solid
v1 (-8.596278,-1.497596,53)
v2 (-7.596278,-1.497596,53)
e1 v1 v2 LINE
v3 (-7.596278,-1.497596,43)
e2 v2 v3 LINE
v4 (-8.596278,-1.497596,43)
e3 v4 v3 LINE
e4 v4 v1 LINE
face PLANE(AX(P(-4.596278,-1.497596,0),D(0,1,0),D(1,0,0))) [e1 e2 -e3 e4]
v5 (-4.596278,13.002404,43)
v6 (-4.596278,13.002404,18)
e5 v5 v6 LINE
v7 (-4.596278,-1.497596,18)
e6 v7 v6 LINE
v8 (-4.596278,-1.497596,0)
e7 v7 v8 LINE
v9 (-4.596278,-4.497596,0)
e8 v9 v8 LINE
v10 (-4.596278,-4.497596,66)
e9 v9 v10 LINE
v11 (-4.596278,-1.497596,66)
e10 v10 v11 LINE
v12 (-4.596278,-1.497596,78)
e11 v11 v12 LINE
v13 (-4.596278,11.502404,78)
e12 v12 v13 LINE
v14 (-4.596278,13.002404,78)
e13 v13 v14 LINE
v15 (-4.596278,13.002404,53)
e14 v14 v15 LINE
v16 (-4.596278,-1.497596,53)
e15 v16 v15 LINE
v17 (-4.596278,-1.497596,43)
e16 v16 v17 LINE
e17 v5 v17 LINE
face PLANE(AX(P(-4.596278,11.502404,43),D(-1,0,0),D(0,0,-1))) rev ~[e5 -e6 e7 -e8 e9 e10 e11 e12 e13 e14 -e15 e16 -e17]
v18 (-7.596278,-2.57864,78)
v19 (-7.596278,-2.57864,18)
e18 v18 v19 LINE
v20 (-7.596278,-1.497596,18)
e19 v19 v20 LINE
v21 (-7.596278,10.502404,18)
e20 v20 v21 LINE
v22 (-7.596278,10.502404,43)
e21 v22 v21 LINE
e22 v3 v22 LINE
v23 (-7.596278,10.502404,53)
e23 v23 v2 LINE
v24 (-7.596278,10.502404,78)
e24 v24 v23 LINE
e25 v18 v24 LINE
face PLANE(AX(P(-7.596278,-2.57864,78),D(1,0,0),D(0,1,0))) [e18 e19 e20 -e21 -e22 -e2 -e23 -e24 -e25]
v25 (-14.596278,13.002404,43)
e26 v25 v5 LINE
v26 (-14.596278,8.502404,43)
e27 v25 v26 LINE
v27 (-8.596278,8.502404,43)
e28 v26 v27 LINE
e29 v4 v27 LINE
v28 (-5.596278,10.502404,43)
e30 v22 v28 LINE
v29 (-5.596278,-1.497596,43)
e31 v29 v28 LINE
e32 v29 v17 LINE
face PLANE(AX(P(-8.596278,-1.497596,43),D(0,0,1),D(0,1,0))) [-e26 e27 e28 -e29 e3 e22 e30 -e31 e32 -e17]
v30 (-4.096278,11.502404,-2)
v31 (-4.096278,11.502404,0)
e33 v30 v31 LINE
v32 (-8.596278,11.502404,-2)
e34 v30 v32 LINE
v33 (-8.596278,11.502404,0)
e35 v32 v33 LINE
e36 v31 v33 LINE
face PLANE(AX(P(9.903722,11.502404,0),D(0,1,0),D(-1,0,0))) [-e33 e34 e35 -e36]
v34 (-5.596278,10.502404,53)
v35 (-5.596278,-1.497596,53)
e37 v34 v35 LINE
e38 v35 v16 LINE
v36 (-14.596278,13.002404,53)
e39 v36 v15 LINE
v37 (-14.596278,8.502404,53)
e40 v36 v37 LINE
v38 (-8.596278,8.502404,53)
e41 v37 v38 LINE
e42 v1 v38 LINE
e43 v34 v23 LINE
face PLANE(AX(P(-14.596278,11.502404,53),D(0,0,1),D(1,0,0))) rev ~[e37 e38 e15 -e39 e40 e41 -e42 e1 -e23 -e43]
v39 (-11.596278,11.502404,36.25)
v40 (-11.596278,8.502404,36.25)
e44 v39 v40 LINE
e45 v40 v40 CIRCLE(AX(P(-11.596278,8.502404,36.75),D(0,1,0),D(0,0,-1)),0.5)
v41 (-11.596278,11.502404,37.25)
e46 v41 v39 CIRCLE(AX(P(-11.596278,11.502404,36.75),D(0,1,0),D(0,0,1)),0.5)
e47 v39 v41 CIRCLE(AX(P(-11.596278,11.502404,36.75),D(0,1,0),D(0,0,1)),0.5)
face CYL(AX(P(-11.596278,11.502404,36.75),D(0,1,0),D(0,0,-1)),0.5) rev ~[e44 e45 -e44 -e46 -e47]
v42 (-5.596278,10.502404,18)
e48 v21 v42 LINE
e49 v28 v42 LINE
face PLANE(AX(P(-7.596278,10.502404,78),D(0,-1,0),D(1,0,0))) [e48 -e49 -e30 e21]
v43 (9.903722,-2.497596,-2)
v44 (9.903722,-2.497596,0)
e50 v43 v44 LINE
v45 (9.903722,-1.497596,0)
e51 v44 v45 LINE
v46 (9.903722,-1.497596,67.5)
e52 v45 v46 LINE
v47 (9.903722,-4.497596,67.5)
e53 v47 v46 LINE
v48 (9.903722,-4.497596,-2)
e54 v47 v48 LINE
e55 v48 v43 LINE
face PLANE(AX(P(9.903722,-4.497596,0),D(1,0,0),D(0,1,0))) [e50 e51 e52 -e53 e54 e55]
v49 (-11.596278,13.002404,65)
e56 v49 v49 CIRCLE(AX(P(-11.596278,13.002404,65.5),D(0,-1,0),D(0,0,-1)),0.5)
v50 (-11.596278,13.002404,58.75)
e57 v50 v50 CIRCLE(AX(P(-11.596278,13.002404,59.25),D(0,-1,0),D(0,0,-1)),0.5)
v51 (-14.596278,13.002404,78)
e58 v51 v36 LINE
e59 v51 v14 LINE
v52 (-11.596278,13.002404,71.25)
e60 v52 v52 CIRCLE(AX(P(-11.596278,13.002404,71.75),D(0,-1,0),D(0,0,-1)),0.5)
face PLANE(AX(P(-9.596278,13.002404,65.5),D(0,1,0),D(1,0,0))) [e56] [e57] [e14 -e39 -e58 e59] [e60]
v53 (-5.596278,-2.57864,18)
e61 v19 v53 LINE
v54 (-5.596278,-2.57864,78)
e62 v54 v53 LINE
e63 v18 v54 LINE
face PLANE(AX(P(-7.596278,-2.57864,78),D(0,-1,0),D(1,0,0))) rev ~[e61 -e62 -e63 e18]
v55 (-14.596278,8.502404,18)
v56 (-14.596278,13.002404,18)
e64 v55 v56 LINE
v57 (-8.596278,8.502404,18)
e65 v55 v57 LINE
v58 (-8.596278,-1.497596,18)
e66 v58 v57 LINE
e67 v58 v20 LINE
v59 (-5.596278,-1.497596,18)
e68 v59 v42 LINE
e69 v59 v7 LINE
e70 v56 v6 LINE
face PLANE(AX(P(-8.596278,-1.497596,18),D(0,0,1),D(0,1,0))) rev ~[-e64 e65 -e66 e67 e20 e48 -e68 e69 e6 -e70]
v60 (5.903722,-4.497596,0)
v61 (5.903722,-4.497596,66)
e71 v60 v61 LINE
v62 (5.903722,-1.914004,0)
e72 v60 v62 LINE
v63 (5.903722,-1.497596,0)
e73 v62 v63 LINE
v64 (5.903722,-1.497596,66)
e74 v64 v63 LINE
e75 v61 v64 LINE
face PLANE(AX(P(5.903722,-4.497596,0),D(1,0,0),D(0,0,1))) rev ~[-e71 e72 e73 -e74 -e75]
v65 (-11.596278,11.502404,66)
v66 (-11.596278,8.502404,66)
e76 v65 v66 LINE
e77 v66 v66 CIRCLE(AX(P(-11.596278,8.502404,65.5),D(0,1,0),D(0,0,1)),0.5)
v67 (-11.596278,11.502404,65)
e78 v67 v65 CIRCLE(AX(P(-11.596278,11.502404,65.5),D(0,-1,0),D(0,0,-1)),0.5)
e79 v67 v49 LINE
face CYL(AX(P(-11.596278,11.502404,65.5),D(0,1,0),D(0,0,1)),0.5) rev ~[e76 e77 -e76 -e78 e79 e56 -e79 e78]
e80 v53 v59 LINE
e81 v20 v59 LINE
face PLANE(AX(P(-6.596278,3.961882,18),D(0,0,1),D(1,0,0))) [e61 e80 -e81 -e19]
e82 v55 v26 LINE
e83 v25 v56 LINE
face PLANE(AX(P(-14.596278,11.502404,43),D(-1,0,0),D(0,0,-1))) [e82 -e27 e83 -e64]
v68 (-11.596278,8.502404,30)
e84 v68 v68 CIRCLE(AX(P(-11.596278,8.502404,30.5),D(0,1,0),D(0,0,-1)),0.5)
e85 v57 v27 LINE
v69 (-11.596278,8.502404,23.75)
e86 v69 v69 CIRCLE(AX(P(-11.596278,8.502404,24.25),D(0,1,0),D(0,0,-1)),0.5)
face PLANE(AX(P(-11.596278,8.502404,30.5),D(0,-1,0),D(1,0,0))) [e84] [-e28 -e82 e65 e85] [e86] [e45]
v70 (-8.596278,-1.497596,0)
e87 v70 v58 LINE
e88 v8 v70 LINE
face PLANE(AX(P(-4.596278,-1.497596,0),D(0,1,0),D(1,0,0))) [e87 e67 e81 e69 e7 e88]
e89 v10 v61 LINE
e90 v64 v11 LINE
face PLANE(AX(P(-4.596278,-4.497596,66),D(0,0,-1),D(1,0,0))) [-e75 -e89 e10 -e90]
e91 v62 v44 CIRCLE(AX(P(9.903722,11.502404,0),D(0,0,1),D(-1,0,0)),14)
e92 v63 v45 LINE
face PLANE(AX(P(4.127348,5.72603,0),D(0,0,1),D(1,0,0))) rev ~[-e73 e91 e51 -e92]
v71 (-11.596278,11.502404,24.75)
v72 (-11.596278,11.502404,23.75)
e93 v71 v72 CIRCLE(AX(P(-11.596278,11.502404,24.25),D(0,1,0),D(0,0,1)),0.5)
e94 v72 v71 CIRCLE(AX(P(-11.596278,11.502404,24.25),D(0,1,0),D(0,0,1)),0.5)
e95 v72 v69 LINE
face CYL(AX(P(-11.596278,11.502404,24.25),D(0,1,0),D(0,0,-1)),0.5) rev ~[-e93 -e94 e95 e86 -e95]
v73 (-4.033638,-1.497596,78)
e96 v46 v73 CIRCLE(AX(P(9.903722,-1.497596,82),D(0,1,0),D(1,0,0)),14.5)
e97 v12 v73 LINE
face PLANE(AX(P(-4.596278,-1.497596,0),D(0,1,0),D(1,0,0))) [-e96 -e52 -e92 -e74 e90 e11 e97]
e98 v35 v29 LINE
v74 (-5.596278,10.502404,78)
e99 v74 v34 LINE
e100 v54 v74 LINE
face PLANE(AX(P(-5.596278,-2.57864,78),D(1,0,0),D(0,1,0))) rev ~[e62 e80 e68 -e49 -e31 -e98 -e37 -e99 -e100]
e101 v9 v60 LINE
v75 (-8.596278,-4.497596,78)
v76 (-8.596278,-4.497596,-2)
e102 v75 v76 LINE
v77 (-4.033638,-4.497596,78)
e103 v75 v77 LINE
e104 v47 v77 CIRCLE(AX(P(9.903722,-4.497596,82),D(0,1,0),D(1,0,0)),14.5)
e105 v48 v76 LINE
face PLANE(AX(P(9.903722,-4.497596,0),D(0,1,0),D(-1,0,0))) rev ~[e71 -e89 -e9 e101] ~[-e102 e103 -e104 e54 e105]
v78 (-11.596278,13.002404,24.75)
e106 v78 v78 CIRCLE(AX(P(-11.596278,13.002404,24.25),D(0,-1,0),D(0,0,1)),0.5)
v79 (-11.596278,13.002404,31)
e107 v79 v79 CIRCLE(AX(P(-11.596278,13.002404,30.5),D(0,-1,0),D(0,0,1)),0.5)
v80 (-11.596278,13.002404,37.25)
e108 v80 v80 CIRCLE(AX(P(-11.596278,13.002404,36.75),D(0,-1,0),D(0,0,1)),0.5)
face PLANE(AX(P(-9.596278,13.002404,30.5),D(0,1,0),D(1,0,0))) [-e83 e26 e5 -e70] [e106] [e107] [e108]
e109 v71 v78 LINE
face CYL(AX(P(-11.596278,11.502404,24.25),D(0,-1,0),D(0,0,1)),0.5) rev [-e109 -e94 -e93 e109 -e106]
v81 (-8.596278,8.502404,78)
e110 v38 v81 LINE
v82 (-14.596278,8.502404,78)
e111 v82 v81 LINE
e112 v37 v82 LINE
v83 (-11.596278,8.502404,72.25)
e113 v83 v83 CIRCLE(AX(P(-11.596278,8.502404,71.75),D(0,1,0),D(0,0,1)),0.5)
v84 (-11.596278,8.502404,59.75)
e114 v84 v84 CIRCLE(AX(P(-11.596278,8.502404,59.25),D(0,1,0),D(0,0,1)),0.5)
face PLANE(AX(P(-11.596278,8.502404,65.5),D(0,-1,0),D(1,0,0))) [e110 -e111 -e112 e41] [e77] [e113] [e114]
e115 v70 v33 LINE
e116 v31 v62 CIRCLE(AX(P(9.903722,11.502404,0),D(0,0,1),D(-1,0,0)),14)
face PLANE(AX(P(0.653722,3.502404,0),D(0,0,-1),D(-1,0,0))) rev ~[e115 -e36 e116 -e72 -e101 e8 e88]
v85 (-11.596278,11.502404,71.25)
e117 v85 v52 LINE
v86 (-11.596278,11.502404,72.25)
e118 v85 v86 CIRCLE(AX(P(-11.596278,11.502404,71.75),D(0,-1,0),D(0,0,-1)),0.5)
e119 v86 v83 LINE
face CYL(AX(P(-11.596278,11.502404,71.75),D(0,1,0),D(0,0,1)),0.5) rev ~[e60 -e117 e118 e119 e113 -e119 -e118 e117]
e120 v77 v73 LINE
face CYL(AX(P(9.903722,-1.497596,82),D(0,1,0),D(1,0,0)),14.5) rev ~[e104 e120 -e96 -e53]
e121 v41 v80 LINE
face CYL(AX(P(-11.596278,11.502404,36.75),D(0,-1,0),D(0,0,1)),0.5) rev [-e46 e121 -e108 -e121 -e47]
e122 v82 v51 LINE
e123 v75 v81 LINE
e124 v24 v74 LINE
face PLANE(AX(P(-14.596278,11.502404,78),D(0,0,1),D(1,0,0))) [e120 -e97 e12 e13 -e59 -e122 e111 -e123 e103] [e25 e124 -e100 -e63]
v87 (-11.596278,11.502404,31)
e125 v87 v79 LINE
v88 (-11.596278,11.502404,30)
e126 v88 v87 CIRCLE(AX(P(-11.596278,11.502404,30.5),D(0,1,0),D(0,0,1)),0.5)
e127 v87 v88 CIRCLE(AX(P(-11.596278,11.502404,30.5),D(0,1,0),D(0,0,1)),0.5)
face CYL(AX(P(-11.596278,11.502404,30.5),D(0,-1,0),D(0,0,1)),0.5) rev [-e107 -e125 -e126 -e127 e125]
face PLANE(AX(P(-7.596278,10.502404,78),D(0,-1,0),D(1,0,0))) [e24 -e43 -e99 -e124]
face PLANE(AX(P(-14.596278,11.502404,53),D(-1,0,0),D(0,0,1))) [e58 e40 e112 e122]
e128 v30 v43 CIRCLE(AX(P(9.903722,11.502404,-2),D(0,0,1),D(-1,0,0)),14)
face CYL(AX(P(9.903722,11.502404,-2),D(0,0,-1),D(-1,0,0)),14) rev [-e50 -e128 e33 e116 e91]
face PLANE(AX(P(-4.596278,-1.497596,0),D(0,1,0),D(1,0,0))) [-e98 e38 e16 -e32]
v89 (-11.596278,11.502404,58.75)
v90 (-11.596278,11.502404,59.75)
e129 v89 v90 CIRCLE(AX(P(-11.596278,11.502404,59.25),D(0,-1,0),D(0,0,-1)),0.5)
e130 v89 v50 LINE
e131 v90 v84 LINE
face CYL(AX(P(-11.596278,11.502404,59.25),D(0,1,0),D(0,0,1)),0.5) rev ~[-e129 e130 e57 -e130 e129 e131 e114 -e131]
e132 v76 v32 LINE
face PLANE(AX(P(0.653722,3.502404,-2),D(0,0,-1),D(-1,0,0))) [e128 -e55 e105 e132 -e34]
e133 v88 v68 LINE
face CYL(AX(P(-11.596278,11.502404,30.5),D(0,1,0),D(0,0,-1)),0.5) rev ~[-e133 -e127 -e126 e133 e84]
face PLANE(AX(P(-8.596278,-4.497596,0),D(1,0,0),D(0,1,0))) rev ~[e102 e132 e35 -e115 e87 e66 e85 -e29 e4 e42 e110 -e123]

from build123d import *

# Parameters (mm, degrees)
SALIENTE_EXTRUIR1_DEPTH = 82
CROQUIS3_W              = 10
CROQUIS3_H              = 25
SALIENTE_EXTRUIR2_DEPTH = 1.5
CROQUIS4_W              = 18.5
CROQUIS4_H              = 16
SALIENTE_EXTRUIR3_DEPTH = 2
CROQUIS5_R              = 14.5
CORTAR_EXTRUIR1_DEPTH   = 10
CROQUIS9_R              = 0.5
CORTAR_EXTRUIR5_DEPTH   = 10
CORTAR_EXTRUIR6_DEPTH   = 2
CROQUIS11_W             = 10
CROQUIS11_H             = 13
CROQUIS11_W_2           = 18
CROQUIS11_W_3           = 8.121089167
CROQUIS11_H_2           = 20.058238939
CORTAR_EXTRUIR7_DEPTH   = 10
CROQUIS12_W             = 2
CROQUIS12_H             = 13.081043671
CORTAR_EXTRUIR8_DEPTH   = 60
CROQUIS13_W             = 10.5
CROQUIS13_H             = 66
CORTAR_EXTRUIR9_DEPTH   = 12
CROQUIS14_W             = 6
CROQUIS14_H             = 25
SALIENTE_EXTRUIR4_DEPTH = 3
CROQUIS15_R             = 0.5
CORTAR_EXTRUIR10_DEPTH  = 81.950919234


with BuildPart() as part:
    # Croquis2 → Saliente-Extruir1 (new body)
    with BuildSketch(Plane.XY):
        Polygon((-4.596277774, 11.502403514), (-4.596277774, -1.497596486), (9.903722226, -1.497596486), (9.903722226, -4.497596486), (-4.596277774, -4.497596486), (-8.596277774, -4.497596486), (-8.596277774, 11.502403514), align=None)
    extrude(amount=SALIENTE_EXTRUIR1_DEPTH)

    # Croquis3 → Saliente-Extruir2 (add)
    with BuildSketch(Plane(origin=(0, 11.502403514, 0), x_dir=(1, 0, 0), z_dir=(0, 1, 0))):
        with Locations((-9.596277774, -30.5)):
            Rectangle(CROQUIS3_W, CROQUIS3_H)
        with Locations((-9.596277774, -65.5)):
            Rectangle(CROQUIS3_W, CROQUIS3_H)
    extrude(amount=SALIENTE_EXTRUIR2_DEPTH)

    # Croquis4 → Saliente-Extruir3 (add)
    with BuildSketch(Plane(origin=(0, 0, 0), x_dir=(-1, 0, 0), z_dir=(0, 0, -1))):
        with Locations((-0.653722226, 3.502403514)):
            Rectangle(CROQUIS4_W, CROQUIS4_H)
    extrude(amount=SALIENTE_EXTRUIR3_DEPTH)

    # Croquis5 → Cortar-Extruir1 (cut)
    with BuildSketch(Plane(origin=(0, -1.497596486, 0), x_dir=(1, 0, 0), z_dir=(0, 1, 0))):
        with Locations((9.903722226, -82)):
            Circle(CROQUIS5_R)
    extrude(amount=-CORTAR_EXTRUIR1_DEPTH, mode=Mode.SUBTRACT)

    # Croquis9 → Cortar-Extruir5 (cut)
    with BuildSketch(Plane.XZ.offset(-11.502403514)):
        with Locations(Location((-11.596277774, 65.5, 0), (0, 0, 270))):
            Circle(CROQUIS9_R)
        with Locations(Location((-11.596277774, 59.25, 0), (0, 0, 270))):
            Circle(CROQUIS9_R)
        with Locations(Location((-11.596277774, 71.75, 0), (0, 0, 270))):
            Circle(CROQUIS9_R)
    cortar_extruir5 = extrude(amount=-CORTAR_EXTRUIR5_DEPTH, mode=Mode.SUBTRACT)

    # Simetría1: Cortar-Extruir5 across plane
    add(cortar_extruir5.mirror(Plane(origin=(0, 0, 48), x_dir=(1, 0, 0), z_dir=(0, 0, -1))), mode=Mode.SUBTRACT)

    # Croquis10 → Cortar-Extruir6 (cut)
    with BuildSketch(Plane(origin=(0, 0, -2), x_dir=(-1, 0, 0), z_dir=(0, 0, -1))):
        with BuildLine():
            Line((-9.903722226, -2.497596486), (-9.903722226, 11.502403514))
            Line((-9.903722226, 11.502403514), (4.096277774, 11.502403514))
            ThreePointArc((4.096277774, 11.502403514), (-0.00422729, 1.602908577), (-9.903722226, -2.497596486))
        make_face()
    extrude(amount=-CORTAR_EXTRUIR6_DEPTH, mode=Mode.SUBTRACT)

    # Croquis11 → Cortar-Extruir7 (cut)
    with BuildSketch(Plane.ZY.offset(8.596277774)):
        with Locations((48, 5.002403514)):
            Rectangle(CROQUIS11_W, CROQUIS11_H)
        with Locations((9, 5.002403514)):
            Rectangle(CROQUIS11_W_2, CROQUIS11_H)
        with Locations((82.060544584, 1.473284045)):
            Rectangle(CROQUIS11_W_3, CROQUIS11_H_2)
    extrude(amount=-CORTAR_EXTRUIR7_DEPTH, mode=Mode.SUBTRACT)

    # Croquis12 → Cortar-Extruir8 (cut)
    with BuildSketch(Plane.XY.offset(78)):
        with Locations((-6.596277774, 3.961881679)):
            Rectangle(CROQUIS12_W, CROQUIS12_H)
    extrude(amount=-CORTAR_EXTRUIR8_DEPTH, mode=Mode.SUBTRACT)

    # Croquis13 → Cortar-Extruir9 (cut)
    with BuildSketch(Plane.XZ.offset(4.497596486)):
        with Locations((0.653722226, 33)):
            Rectangle(CROQUIS13_W, CROQUIS13_H)
    extrude(amount=-CORTAR_EXTRUIR9_DEPTH, mode=Mode.SUBTRACT)

    # Croquis14 → Saliente-Extruir4 (add)
    with BuildSketch(Plane.XZ.offset(-11.502403514)):
        with Locations((-11.596277774, 65.5)):
            Rectangle(CROQUIS14_W, CROQUIS14_H)
        with Locations((-11.596277774, 30.5)):
            Rectangle(CROQUIS14_W, CROQUIS14_H)
    extrude(amount=SALIENTE_EXTRUIR4_DEPTH)

    # Croquis15 → Cortar-Extruir10 (cut, through all)
    with BuildSketch(Plane(origin=(0, 11.502403514, 0), x_dir=(1, 0, 0), z_dir=(0, 1, 0))):
        with Locations(Location((-11.596277774, -24.25, 0), (0, 0, 90))):
            Circle(CROQUIS15_R)
        with Locations(Location((-11.596277774, -30.5, 0), (0, 0, 90))):
            Circle(CROQUIS15_R)
        with Locations(Location((-11.596277774, -36.75, 0), (0, 0, 90))):
            Circle(CROQUIS15_R)
        with Locations(Location((-11.596277774, -65.5, 0), (0, 0, 270))):
            Circle(CROQUIS15_R)
        with Locations(Location((-11.596277774, -59.25, 0), (0, 0, 270))):
            Circle(CROQUIS15_R)
        with Locations(Location((-11.596277774, -71.75, 0), (0, 0, 270))):
            Circle(CROQUIS15_R)
    extrude(amount=-CORTAR_EXTRUIR10_DEPTH, mode=Mode.SUBTRACT)


solid = part.part
